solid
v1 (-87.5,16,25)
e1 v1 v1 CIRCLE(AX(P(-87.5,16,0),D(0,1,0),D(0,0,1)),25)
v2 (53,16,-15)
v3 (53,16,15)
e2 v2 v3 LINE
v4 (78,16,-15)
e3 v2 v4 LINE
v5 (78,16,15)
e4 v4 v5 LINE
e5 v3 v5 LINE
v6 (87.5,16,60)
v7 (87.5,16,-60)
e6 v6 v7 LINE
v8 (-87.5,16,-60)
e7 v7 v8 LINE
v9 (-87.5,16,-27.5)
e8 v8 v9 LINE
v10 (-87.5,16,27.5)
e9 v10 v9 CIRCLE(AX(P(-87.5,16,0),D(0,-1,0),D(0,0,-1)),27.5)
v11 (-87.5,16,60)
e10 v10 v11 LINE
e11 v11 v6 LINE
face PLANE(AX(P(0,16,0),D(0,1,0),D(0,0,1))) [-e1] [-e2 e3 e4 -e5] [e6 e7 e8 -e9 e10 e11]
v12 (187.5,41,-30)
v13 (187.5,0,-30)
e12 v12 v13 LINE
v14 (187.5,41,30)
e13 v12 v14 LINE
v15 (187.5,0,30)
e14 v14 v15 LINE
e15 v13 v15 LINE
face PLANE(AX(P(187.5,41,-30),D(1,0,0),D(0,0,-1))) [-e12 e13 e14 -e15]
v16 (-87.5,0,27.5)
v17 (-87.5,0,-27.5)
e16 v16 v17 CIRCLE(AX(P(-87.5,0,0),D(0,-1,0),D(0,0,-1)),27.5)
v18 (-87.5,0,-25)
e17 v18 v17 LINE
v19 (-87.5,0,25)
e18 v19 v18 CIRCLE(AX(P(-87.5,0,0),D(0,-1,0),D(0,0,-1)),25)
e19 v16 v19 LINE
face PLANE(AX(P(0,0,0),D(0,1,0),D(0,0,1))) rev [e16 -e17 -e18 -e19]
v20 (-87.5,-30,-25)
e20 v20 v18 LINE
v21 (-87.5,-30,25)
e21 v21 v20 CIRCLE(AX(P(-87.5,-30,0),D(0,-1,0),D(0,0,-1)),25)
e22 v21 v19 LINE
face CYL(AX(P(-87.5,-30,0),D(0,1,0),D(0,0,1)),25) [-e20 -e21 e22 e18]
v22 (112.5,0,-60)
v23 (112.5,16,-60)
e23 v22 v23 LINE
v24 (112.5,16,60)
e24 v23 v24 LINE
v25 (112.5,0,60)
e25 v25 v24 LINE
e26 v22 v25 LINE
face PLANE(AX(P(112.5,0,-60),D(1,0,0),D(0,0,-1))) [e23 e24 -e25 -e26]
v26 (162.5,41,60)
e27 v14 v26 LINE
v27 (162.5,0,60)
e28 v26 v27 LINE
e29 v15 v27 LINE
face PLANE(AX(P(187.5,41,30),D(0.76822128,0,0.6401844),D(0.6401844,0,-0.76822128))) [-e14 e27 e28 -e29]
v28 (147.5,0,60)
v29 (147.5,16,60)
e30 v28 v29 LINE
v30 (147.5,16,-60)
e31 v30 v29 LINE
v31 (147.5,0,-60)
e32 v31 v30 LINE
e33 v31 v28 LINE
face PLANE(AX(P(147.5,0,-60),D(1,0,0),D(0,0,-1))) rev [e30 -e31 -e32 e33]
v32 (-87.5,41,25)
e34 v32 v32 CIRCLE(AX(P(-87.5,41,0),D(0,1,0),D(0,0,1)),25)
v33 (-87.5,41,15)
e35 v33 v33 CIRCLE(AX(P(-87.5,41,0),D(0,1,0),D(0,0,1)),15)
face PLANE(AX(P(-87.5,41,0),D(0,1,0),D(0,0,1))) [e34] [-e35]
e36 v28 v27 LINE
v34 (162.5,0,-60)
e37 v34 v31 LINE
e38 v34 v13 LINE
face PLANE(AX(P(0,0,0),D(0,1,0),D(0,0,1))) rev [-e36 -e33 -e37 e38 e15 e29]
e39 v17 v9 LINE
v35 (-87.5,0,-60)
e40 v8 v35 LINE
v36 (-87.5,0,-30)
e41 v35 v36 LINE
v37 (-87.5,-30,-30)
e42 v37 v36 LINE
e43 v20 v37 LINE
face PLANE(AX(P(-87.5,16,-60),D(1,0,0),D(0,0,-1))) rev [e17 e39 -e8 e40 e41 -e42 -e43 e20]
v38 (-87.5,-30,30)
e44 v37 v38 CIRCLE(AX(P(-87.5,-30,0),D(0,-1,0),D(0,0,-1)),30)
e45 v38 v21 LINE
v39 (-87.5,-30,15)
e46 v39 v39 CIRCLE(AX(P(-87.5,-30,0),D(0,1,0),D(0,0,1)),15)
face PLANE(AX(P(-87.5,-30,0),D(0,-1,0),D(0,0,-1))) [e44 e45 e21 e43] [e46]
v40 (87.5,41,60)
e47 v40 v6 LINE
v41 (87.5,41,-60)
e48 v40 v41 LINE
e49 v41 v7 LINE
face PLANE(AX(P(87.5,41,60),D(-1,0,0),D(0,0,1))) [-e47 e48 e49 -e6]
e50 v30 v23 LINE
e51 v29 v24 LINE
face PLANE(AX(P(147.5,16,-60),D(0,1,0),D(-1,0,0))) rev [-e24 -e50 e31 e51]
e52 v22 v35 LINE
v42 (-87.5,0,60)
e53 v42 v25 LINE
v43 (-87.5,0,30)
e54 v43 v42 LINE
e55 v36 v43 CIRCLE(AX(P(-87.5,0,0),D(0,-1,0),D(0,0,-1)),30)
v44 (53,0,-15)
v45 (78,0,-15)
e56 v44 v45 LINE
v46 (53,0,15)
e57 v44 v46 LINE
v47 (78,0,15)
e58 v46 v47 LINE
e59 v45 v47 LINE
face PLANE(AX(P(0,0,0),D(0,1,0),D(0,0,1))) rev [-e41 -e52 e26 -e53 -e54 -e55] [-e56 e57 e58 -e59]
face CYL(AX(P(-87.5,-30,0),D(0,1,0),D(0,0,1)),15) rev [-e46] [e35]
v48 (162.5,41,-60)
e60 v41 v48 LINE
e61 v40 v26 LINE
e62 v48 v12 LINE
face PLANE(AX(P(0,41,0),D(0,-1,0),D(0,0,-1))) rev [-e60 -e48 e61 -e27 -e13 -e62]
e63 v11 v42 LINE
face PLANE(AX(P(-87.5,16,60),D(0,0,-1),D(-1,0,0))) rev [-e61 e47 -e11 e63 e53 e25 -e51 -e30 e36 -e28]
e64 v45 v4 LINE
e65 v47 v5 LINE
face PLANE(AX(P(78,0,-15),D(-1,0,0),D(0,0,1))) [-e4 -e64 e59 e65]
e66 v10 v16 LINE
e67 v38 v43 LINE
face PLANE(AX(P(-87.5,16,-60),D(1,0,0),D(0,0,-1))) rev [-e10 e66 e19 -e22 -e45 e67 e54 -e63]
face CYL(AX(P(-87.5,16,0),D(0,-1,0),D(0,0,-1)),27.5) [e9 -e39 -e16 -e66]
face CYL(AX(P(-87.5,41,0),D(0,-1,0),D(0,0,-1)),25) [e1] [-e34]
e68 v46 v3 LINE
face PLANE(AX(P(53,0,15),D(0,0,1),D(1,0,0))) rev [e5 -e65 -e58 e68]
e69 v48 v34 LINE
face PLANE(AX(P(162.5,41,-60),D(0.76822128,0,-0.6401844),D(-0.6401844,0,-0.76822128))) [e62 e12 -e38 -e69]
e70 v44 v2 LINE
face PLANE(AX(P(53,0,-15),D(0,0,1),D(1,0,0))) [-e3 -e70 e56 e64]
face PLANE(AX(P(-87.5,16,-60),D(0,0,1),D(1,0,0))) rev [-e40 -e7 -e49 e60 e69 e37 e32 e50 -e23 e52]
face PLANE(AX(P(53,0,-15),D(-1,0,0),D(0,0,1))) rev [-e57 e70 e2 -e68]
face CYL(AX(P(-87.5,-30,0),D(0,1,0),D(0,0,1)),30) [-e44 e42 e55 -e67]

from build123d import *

# Parameters (mm, degrees)
CROQUIS1_W              = 175
CROQUIS1_H              = 120
SALIENTE_EXTRUIR1_DEPTH = 16
SALIENTE_EXTRUIR3_DEPTH = 41
CROQUIS7_W              = 35
CROQUIS7_H              = 16
CORTAR_EXTRUIR1_DEPTH   = 227.356466663
CROQUIS11_W             = 25
CROQUIS11_H             = 30
CORTAR_EXTRUIR2_DEPTH   = 199.447096225
CROQUIS12_R             = 25
SALIENTE_EXTRUIR4_DEPTH = 25
CROQUIS14_R             = 27.5
SALIENTE_EXTRUIR7_DEPTH = 16
SALIENTE_EXTRUIR8_START = 30
SALIENTE_EXTRUIR8_DEPTH = 30
SALIENTE_EXTRUIR9_DEPTH = 30
CROQUIS17_R             = 15
CORTAR_EXTRUIR3_DEPTH   = 210.277925257


with BuildPart() as part:
    # Croquis1 → Saliente-Extruir1 (new body)
    with BuildSketch(Plane(origin=(0, 0, 0), x_dir=(1, 0, 0), z_dir=(0, 1, 0))):
        Rectangle(CROQUIS1_W, CROQUIS1_H)
    extrude(amount=SALIENTE_EXTRUIR1_DEPTH)

    # Croquis6 → Saliente-Extruir3 (add)
    with BuildSketch(Plane.XZ):
        Polygon((87.5, 60), (162.5, 60), (187.5, 30), (187.5, -30), (162.5, -60), (87.5, -60), align=None)
    extrude(amount=-SALIENTE_EXTRUIR3_DEPTH)

    # Croquis7 → Cortar-Extruir1 (cut, through all)
    with BuildSketch(Plane.XY.offset(60)):
        with Locations((130, 8)):
            Rectangle(CROQUIS7_W, CROQUIS7_H)
    extrude(amount=-CORTAR_EXTRUIR1_DEPTH, mode=Mode.SUBTRACT)

    # Croquis11 → Cortar-Extruir2 (cut, through all)
    with BuildSketch(Plane(origin=(0, 16, 0), x_dir=(1, 0, 0), z_dir=(0, 1, 0))):
        with Locations((65.5, 0)):
            Rectangle(CROQUIS11_W, CROQUIS11_H)
    extrude(amount=-CORTAR_EXTRUIR2_DEPTH, mode=Mode.SUBTRACT)

    # Croquis12 → Saliente-Extruir4 (add)
    with BuildSketch(Plane(origin=(0, 16, 0), x_dir=(1, 0, 0), z_dir=(0, 1, 0))):
        with Locations(Location((-87.5, 0, 0), (0, 0, 270))):
            Circle(CROQUIS12_R)
    extrude(amount=SALIENTE_EXTRUIR4_DEPTH)

    # Croquis14 → Saliente-Extruir7 (add)
    with BuildSketch(Plane.XZ):
        with Locations((-87.5, 0)):
            Circle(CROQUIS14_R)
    extrude(amount=-SALIENTE_EXTRUIR7_DEPTH)

    # Croquis15 → Saliente-Extruir8 (add)
    with BuildSketch(Plane(origin=(0, 0, 0), x_dir=(-1, 0, 0), z_dir=(0, -1, 0)).offset(SALIENTE_EXTRUIR8_START)):
        with BuildLine():
            Line((87.5, 25), (87.5, -25))
            ThreePointArc((87.5, -25), (112.5, 0), (87.5, 25))
        make_face()
    extrude(amount=-SALIENTE_EXTRUIR8_DEPTH)

    # Croquis16 → Saliente-Extruir9 (add)
    with BuildSketch(Plane.XZ):
        with BuildLine():
            Line((-87.5, 30), (-87.5, -30))
            ThreePointArc((-87.5, -30), (-57.5, 0), (-87.5, 30))
        make_face()
    extrude(amount=SALIENTE_EXTRUIR9_DEPTH)

    # Croquis17 → Cortar-Extruir3 (cut, through all)
    with BuildSketch(Plane(origin=(0, 41, 0), x_dir=(1, 0, 0), z_dir=(0, 1, 0))):
        with Locations(Location((-87.5, 0, 0), (0, 0, 270))):
            Circle(CROQUIS17_R)
    extrude(amount=-CORTAR_EXTRUIR3_DEPTH, mode=Mode.SUBTRACT)


solid = part.part
